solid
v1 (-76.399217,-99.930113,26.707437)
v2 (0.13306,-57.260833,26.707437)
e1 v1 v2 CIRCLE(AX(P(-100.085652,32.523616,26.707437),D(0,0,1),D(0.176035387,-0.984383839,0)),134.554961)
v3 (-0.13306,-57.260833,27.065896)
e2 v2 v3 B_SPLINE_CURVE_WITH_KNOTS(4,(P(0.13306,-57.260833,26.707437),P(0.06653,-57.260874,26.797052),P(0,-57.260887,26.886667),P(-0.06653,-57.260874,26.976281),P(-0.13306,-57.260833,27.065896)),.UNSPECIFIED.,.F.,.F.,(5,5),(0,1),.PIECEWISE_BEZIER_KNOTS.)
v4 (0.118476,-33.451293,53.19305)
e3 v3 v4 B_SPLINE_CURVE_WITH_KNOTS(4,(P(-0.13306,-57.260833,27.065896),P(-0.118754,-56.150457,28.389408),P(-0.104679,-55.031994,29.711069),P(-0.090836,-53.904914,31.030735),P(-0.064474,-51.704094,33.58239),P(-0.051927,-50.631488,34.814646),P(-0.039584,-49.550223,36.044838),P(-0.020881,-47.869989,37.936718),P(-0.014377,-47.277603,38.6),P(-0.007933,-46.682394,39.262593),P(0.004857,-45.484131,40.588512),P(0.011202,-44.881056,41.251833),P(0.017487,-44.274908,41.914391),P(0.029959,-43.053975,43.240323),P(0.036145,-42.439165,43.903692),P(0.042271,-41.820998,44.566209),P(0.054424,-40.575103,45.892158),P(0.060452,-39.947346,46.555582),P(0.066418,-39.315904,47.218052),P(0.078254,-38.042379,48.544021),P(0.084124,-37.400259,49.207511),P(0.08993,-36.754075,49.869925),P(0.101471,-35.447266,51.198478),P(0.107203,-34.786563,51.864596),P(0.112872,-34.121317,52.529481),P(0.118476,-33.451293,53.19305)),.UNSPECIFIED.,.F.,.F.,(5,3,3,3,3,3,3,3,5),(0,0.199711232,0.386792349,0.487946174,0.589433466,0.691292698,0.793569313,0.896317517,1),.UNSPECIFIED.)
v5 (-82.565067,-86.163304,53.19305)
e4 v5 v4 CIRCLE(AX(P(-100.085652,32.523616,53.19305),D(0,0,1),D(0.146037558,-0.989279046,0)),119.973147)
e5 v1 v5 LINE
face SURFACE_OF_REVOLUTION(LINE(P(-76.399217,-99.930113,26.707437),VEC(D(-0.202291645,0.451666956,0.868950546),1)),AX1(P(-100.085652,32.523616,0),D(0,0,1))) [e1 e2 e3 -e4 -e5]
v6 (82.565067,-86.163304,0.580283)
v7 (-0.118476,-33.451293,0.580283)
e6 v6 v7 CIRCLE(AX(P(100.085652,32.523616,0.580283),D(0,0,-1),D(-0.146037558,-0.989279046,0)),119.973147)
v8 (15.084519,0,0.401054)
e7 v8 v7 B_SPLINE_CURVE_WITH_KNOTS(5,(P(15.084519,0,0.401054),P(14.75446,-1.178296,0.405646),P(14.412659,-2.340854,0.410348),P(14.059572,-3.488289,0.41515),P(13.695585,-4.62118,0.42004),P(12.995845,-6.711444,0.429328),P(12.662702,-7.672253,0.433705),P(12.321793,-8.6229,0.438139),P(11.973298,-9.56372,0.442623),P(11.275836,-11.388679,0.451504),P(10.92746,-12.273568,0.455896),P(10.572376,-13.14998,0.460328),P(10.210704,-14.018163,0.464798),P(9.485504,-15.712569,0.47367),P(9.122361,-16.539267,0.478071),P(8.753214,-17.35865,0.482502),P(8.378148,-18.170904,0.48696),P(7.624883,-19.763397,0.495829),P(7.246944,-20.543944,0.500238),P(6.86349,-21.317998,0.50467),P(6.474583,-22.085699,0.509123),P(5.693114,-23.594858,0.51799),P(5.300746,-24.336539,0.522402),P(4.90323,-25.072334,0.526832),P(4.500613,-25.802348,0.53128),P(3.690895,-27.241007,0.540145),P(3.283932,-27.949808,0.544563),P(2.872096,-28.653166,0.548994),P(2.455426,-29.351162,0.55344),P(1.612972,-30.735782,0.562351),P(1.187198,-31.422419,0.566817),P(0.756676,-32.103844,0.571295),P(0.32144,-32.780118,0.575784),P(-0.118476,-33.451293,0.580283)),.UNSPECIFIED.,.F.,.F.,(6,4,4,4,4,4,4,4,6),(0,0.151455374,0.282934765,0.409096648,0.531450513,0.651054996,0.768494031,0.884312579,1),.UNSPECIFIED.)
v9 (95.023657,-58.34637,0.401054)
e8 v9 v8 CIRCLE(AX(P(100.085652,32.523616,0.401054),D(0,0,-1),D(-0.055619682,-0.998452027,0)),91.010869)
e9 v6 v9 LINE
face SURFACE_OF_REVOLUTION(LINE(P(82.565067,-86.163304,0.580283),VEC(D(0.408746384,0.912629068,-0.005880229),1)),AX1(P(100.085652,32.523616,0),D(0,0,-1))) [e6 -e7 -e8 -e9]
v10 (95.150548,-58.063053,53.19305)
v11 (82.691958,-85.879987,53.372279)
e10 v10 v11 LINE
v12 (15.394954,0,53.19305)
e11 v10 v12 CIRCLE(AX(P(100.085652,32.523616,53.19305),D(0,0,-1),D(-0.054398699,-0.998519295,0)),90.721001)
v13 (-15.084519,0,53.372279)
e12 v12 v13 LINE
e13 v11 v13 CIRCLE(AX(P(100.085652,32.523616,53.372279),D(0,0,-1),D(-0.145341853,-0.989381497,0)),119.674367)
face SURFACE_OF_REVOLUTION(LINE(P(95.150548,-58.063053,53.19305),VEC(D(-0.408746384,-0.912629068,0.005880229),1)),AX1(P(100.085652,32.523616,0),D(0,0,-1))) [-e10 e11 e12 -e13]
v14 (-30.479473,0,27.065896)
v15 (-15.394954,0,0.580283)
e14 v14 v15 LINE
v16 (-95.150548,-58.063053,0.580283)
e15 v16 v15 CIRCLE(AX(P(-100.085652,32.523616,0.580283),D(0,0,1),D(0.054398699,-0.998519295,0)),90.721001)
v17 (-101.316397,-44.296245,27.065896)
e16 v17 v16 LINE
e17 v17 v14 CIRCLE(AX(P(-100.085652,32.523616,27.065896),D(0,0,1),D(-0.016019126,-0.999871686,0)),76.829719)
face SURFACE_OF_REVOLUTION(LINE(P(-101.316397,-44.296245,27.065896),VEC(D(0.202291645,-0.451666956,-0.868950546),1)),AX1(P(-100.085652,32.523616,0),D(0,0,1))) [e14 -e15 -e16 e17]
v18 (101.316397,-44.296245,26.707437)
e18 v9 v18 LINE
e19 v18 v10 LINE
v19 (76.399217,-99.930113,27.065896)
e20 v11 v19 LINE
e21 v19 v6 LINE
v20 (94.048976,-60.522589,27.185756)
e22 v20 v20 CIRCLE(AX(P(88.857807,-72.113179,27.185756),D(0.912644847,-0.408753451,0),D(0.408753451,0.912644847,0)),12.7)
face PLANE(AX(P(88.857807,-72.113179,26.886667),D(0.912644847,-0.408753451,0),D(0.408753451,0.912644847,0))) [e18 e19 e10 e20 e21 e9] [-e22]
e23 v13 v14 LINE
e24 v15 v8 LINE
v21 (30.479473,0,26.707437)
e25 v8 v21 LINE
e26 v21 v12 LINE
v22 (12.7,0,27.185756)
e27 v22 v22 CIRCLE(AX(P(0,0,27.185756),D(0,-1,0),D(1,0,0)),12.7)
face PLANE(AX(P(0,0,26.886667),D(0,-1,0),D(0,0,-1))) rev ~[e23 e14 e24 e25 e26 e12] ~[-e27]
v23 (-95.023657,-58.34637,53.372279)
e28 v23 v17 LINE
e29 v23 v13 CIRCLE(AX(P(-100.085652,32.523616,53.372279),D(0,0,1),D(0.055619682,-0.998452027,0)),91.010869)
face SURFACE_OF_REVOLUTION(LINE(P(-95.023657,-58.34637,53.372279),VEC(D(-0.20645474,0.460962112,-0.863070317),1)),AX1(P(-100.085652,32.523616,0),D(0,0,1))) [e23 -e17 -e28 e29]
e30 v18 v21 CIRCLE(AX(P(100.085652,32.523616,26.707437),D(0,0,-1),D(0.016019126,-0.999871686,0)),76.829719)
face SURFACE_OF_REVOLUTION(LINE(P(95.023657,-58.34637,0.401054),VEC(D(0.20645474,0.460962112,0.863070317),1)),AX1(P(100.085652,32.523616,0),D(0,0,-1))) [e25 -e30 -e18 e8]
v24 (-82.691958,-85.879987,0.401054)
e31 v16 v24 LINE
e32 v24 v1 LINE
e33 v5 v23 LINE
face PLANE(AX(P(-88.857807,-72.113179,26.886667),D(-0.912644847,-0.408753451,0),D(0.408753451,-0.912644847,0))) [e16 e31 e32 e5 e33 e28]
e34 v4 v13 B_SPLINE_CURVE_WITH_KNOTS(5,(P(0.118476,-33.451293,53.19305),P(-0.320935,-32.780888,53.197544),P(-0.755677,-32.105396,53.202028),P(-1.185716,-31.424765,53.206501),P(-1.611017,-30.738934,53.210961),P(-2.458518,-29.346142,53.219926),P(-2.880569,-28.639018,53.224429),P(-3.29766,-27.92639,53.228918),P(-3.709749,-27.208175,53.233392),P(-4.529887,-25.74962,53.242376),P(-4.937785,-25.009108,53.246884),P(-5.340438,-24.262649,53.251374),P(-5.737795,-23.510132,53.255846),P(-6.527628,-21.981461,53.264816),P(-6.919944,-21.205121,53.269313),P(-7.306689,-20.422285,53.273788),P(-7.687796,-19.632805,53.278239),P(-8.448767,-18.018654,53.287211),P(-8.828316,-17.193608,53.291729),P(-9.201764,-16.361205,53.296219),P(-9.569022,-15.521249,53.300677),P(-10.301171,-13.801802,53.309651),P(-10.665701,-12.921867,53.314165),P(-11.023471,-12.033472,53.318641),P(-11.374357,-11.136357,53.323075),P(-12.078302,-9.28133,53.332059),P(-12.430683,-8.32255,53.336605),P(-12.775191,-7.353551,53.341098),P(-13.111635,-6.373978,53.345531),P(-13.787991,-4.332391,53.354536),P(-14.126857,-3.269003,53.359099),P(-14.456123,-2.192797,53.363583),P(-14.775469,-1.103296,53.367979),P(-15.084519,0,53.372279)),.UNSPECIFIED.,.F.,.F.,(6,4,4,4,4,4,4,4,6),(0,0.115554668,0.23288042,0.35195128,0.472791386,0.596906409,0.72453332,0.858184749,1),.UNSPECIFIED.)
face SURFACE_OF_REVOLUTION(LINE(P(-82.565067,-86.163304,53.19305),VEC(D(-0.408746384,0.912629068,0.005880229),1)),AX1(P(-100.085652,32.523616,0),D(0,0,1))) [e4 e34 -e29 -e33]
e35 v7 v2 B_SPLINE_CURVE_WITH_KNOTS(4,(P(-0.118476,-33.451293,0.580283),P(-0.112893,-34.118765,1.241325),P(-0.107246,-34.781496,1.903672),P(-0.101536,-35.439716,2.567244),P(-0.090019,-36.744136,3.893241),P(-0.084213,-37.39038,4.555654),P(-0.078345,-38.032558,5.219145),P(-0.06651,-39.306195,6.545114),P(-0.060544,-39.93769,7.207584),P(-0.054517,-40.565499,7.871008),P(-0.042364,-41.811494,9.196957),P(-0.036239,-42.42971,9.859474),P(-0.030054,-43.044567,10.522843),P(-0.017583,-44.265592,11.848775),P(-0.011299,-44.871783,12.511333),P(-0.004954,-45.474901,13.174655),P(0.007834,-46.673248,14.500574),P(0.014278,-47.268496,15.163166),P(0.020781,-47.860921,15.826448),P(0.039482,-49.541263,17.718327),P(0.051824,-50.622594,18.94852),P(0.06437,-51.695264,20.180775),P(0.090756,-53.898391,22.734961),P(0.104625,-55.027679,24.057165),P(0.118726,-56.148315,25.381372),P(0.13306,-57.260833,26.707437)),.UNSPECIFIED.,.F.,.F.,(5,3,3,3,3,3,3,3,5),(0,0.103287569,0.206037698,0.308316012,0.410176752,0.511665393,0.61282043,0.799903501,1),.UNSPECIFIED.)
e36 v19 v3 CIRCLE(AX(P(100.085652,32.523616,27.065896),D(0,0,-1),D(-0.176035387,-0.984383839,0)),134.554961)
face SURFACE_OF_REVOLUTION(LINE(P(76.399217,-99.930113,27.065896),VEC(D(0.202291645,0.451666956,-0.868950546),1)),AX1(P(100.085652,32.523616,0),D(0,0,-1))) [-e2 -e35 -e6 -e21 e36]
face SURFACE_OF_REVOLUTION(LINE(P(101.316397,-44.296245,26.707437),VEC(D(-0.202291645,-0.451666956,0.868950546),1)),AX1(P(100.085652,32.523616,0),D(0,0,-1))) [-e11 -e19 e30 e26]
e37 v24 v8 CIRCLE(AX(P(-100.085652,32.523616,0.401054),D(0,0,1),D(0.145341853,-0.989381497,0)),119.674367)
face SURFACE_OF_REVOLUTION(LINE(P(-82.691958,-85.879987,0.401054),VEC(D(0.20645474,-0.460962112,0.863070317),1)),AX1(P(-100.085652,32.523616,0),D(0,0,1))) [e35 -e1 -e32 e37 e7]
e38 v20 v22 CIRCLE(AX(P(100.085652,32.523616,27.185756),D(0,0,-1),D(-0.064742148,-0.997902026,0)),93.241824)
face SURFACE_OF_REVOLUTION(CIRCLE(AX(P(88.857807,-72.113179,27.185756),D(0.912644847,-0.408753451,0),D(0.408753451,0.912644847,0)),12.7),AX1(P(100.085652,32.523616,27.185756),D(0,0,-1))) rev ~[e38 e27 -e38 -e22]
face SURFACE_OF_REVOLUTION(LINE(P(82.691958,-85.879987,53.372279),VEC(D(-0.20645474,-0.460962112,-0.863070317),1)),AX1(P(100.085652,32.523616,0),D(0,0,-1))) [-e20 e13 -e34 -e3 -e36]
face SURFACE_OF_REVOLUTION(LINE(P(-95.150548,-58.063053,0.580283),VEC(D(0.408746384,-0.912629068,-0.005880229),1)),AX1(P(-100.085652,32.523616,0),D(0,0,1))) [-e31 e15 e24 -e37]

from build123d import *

# Parameters (mm, degrees)
F4_R = 12.7


with BuildPart() as f2:
    # F2: sweep along a path in F1
    with BuildLine(Plane.XY) as f2_path:
        ThreePointArc((-88.857807219, -72.1131786704), (-33.770108767, -49.1903487224), (0, 0))
    # F0 (on Front) → F2 (sweep)
    with BuildSketch(Plane.XZ):
        Polygon((-30.4794730405, 27.0658959038), (-15.3949537232, 0.5802832628), (15.0845193173, 0.401053875), (30.4794730405, 26.7074371281), (15.3949537232, 53.193049769), (-15.0845193173, 53.3722791569), align=None)
    sweep(path=f2_path.line)

    # F3: sweep along a path in F1
    with BuildLine(Plane.XY) as f3_path:
        ThreePointArc((88.857807219, -72.1131786704), (33.770108767, -49.1903487224), (0, 0))
    # F0 (on Front) → F3 (sweep)
    with BuildSketch(Plane.XZ):
        Polygon((-30.4794730405, 27.0658959038), (-15.3949537232, 0.5802832628), (15.0845193173, 0.401053875), (30.4794730405, 26.7074371281), (15.3949537232, 53.193049769), (-15.0845193173, 53.3722791569), align=None)
    sweep(path=f3_path.line)

    # F5: sweep along a path in F1
    with BuildLine(Plane.XY) as f5_path:
        ThreePointArc((88.857807219, -72.1131786704), (33.770108767, -49.1903487224), (0, 0))
    # F4 (on face) → F5 (sweep, cut)
    with BuildSketch(Plane.XZ):
        with Locations((0, 27.1857556261)):
            Circle(F4_R)
    sweep(path=f5_path.line, mode=Mode.SUBTRACT)


solid = f2.part
